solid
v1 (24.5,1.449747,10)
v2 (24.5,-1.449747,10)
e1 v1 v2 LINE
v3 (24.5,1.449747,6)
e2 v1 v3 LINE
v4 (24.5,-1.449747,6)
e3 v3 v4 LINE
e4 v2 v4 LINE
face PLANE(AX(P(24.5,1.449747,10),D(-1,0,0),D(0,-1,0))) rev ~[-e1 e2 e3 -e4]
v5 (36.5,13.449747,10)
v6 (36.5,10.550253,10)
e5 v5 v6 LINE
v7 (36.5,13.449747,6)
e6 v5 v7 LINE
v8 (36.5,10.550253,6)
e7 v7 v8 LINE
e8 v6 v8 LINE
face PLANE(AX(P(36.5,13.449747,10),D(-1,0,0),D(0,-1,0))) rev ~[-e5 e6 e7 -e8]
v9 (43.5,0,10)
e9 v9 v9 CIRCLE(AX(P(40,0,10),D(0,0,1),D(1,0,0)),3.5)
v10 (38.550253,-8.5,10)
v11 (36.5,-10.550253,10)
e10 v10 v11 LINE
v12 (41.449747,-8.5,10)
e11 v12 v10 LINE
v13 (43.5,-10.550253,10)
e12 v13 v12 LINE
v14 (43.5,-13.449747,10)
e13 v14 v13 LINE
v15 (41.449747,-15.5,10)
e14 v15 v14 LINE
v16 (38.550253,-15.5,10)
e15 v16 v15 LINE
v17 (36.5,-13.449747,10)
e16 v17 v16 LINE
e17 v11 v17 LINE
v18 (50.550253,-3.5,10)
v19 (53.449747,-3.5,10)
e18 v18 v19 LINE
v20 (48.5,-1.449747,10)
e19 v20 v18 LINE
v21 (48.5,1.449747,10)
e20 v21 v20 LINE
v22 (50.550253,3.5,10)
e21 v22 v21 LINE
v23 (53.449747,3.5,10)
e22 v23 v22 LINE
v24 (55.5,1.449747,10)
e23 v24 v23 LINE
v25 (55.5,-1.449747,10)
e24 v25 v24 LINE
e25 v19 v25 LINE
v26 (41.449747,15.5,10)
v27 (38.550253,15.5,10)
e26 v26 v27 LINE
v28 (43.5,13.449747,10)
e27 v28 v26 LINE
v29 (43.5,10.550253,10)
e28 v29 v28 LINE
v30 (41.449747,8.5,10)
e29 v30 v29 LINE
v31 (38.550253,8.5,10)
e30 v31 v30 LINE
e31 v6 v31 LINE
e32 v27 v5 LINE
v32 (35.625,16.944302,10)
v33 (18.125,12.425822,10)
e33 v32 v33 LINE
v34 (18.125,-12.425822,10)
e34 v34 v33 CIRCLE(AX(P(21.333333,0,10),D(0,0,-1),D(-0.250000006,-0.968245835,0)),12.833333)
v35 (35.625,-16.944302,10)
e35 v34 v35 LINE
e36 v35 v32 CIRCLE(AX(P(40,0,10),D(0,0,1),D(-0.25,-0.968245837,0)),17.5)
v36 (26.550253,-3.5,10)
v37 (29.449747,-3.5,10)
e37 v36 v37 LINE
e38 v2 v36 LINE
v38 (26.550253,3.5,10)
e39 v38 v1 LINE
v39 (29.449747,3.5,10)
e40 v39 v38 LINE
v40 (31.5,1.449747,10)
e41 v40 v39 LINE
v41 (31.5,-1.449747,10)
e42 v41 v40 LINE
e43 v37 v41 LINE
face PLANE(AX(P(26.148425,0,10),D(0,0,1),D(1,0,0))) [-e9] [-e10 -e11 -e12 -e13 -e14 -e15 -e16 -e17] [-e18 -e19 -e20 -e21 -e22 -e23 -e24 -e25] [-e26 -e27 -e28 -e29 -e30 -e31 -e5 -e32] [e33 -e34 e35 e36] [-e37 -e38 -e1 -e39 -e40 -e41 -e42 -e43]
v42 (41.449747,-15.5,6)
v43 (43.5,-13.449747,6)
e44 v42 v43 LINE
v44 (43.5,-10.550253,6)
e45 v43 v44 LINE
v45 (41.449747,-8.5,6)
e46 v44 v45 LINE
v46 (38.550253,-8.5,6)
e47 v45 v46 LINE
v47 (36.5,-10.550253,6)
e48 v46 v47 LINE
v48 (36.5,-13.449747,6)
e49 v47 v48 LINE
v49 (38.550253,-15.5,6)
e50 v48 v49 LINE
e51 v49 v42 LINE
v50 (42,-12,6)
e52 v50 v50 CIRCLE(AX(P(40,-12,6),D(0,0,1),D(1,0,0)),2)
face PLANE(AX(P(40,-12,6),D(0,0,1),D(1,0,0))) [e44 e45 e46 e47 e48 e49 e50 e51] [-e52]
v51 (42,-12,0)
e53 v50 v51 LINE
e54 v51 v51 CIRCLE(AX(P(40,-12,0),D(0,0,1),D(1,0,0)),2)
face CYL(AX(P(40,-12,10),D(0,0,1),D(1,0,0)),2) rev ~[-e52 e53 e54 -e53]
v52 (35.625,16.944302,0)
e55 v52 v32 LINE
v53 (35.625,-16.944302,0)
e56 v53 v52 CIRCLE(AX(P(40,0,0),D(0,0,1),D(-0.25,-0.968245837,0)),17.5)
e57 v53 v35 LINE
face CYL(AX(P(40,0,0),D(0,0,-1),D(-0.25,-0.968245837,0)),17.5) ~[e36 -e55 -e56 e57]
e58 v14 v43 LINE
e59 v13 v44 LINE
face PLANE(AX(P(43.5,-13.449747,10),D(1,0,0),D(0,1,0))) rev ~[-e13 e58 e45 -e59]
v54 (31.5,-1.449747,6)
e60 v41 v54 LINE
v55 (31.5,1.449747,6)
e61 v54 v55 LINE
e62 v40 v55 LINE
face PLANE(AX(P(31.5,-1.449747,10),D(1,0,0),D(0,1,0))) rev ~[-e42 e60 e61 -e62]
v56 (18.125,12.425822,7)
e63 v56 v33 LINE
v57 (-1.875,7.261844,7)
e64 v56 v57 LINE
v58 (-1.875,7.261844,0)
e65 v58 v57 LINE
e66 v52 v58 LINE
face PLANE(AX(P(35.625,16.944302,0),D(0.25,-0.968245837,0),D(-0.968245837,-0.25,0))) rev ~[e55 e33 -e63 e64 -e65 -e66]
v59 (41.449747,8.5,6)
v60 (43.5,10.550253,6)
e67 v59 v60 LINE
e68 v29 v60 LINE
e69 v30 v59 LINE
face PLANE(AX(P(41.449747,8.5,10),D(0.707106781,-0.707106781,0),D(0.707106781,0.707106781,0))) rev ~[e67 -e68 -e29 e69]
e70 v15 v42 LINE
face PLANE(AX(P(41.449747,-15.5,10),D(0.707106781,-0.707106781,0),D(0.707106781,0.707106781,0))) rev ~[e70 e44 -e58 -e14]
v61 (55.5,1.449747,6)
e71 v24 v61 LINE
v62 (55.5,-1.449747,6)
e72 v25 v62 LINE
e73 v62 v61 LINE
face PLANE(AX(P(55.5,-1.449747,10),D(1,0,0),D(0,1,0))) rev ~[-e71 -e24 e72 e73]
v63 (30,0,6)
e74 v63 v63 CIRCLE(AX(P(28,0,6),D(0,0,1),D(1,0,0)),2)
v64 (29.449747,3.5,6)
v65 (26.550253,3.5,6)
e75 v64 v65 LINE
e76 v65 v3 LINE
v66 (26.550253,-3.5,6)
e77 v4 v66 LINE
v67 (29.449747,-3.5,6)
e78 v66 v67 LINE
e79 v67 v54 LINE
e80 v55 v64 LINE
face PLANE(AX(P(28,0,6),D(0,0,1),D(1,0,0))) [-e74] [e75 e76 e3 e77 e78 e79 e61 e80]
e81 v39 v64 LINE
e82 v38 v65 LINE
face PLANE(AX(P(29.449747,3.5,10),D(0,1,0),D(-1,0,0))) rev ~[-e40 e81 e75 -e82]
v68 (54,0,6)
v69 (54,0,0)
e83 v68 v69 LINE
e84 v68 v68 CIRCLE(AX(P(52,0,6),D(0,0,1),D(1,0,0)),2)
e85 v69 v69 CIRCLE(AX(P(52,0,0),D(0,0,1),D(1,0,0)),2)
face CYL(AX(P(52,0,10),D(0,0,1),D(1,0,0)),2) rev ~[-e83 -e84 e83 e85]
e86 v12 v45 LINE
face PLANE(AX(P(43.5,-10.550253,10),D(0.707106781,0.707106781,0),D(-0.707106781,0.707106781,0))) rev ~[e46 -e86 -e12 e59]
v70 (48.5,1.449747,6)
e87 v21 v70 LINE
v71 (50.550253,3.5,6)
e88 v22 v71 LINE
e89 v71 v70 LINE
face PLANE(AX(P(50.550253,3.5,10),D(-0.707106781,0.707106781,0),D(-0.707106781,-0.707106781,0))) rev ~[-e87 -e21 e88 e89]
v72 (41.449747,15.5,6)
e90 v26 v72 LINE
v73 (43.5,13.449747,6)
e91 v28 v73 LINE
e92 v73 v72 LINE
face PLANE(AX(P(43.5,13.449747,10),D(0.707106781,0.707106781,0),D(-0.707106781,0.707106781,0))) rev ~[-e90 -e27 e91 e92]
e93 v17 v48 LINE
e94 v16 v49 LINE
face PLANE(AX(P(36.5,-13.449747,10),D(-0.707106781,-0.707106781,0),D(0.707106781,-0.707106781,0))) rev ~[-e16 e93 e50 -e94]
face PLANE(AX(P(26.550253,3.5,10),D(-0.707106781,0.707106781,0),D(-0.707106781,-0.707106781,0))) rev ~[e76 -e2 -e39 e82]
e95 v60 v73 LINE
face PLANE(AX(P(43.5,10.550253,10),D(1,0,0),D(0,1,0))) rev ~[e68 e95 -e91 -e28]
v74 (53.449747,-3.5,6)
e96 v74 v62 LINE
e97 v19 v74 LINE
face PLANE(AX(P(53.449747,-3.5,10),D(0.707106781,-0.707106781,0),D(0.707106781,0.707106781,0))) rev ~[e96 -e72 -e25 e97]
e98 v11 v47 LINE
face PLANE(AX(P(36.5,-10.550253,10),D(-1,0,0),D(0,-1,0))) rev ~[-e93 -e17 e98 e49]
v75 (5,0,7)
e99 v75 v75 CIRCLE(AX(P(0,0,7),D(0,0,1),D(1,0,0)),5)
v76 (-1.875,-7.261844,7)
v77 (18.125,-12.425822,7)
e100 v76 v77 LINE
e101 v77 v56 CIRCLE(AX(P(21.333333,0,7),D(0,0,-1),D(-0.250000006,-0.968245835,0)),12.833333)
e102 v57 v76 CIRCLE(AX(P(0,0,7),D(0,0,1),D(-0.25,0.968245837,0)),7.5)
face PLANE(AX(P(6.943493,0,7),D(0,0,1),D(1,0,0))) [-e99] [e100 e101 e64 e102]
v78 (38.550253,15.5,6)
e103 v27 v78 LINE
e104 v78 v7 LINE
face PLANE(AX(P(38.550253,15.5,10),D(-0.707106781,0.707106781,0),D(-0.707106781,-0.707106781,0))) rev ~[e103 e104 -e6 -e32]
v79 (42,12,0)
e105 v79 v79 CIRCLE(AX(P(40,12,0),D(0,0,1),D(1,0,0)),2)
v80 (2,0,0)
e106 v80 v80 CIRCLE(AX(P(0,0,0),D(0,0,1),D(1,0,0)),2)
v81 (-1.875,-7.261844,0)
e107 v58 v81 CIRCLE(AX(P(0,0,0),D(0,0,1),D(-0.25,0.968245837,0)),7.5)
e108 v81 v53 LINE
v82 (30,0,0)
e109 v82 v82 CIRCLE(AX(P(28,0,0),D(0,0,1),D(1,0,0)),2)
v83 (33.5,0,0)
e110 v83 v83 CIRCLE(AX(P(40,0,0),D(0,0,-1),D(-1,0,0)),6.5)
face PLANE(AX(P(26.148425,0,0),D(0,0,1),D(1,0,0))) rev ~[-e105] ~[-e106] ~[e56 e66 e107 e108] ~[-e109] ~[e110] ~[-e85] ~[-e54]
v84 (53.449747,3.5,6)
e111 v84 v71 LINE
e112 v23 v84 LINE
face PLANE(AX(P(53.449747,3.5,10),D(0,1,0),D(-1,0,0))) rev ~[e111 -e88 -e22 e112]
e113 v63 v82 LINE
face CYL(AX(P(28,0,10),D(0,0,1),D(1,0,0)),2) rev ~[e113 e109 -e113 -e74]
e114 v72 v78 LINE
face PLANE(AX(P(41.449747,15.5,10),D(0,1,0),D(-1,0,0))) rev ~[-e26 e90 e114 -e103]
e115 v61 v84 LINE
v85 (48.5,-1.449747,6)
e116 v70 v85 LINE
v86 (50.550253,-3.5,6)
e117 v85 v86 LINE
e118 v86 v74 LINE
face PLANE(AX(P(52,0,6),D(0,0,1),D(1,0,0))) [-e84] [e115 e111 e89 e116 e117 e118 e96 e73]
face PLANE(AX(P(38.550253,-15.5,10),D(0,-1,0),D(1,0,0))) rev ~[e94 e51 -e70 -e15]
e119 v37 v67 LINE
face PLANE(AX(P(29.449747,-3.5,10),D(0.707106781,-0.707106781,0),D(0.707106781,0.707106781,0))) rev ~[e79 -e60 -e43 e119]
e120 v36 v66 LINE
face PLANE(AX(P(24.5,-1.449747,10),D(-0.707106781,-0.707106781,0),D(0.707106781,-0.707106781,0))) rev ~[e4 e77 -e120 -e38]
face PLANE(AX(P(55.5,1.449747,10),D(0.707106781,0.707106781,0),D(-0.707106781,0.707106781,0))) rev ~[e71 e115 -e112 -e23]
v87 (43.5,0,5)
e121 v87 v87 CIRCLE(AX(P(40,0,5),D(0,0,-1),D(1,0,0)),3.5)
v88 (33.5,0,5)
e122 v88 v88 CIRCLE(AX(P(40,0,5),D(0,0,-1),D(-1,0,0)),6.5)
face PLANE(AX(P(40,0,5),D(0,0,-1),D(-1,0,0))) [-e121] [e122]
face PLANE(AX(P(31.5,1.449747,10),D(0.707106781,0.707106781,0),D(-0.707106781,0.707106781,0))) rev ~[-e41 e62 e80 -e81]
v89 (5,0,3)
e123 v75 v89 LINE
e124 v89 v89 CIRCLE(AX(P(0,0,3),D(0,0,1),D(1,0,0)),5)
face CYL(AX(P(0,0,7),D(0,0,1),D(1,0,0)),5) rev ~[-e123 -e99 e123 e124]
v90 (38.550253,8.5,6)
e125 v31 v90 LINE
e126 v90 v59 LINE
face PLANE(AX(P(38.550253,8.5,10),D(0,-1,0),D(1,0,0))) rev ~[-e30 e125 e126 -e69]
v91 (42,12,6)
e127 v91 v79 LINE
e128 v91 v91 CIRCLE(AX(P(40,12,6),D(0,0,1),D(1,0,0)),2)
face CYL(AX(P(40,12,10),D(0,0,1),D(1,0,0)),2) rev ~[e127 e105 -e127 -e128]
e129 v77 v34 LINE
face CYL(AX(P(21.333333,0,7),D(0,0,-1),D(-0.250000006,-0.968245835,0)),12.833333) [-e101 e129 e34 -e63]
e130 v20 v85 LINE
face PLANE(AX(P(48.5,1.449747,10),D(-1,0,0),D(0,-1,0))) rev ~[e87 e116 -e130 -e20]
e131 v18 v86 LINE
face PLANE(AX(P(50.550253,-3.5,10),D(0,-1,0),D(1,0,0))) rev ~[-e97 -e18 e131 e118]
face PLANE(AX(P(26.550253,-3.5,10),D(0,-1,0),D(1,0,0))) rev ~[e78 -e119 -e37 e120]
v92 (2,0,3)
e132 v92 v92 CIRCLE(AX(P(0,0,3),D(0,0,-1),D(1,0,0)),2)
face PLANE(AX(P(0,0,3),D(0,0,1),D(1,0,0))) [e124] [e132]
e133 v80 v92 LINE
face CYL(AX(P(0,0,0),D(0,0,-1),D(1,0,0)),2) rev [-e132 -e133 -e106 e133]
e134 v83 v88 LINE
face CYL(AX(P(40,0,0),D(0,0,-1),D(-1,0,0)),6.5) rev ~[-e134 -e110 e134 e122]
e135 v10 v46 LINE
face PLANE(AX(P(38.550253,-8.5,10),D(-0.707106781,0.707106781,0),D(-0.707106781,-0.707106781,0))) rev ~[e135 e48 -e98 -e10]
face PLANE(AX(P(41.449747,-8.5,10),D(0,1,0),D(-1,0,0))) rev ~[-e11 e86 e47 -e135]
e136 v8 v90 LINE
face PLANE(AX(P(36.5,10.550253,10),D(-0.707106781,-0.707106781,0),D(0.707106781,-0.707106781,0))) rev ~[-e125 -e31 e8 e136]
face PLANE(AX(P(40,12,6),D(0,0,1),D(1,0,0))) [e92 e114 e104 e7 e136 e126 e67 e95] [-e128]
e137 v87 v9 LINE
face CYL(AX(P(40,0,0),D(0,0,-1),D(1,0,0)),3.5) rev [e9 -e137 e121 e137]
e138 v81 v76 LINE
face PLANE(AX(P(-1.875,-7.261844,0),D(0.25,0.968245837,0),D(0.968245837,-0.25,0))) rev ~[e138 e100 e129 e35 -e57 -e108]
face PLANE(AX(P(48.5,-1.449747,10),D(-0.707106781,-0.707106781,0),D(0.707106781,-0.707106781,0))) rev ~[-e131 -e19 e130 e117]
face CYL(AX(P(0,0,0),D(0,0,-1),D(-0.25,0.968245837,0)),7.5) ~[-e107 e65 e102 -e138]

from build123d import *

# Parameters (mm, degrees)
SKETCH1_R           = 2
SKETCH1_R_2         = 3.5
BOSS_EXTRUDE1_DEPTH = 10
SKETCH4_R           = 2
CUT_EXTRUDE2_DEPTH  = 61.930288035
CUT_EXTRUDE3_DEPTH  = 4
CUT_EXTRUDE4_START  = -3
SKETCH5_R           = 2
CUT_EXTRUDE4_DEPTH  = 3
SKETCH6_R           = 5
CUT_EXTRUDE5_DEPTH  = 4
SKETCH7_R           = 6.5
CUT_EXTRUDE6_DEPTH  = 5


with BuildPart() as part:
    # Sketch1 → Boss-Extrude1 (new body)
    with BuildSketch(Plane.XY):
        with BuildLine():
            Line((35.625, 16.94430214), (-1.875, 7.261843774))
            ThreePointArc((-1.875, 7.261843774), (-7.5, 0), (-1.875, -7.261843774))
            Line((-1.875, -7.261843774), (35.625, -16.94430214))
            ThreePointArc((35.625, -16.94430214), (57.5, 0), (35.625, 16.94430214))
        make_face()
        Circle(SKETCH1_R, mode=Mode.SUBTRACT)
        with Locations((40, 0)):
            Circle(SKETCH1_R_2, mode=Mode.SUBTRACT)
    extrude(amount=BOSS_EXTRUDE1_DEPTH)

    # Sketch4 → Cut-Extrude2 (cut, through all)
    with BuildSketch(Plane.XY.offset(10)):
        with Locations((28, 0)):
            Circle(SKETCH4_R)
        with Locations((40, -12)):
            Circle(SKETCH4_R)
        with Locations((52, 0)):
            Circle(SKETCH4_R)
        with Locations((40, 12)):
            Circle(SKETCH4_R)
    extrude(amount=-CUT_EXTRUDE2_DEPTH, mode=Mode.SUBTRACT)

    # Sketch4_3 → Cut-Extrude3 (cut)
    with BuildSketch(Plane.XY.offset(10)):
        Polygon((38.550252532, 8.5), (41.449747468, 8.5), (43.5, 10.550252532), (43.5, 13.449747468), (41.449747468, 15.5), (38.550252532, 15.5), (36.5, 13.449747468), (36.5, 10.550252532), align=None)
        Polygon((50.550252532, 3.5), (48.5, 1.449747468), (48.5, -1.449747468), (50.550252532, -3.5), (53.449747468, -3.5), (55.5, -1.449747468), (55.5, 1.449747468), (53.449747468, 3.5), align=None)
        Polygon((43.5, -10.550252532), (41.449747468, -8.5), (38.550252532, -8.5), (36.5, -10.550252532), (36.5, -13.449747468), (38.550252532, -15.5), (41.449747468, -15.5), (43.5, -13.449747468), align=None)
        Polygon((29.449747468, -3.5), (31.5, -1.449747468), (31.5, 1.449747468), (29.449747468, 3.5), (26.550252532, 3.5), (24.5, 1.449747468), (24.5, -1.449747468), (26.550252532, -3.5), align=None)
    extrude(amount=-CUT_EXTRUDE3_DEPTH, mode=Mode.SUBTRACT)

    # Sketch5 → Cut-Extrude4 (cut)
    with BuildSketch(Plane.XY.offset(10).offset(CUT_EXTRUDE4_START)):
        with BuildLine():
            Line((18.124999859, 12.425821533), (-1.875, 7.261843774))
            ThreePointArc((-1.875, 7.261843774), (-7.5, 0), (-1.875, -7.261843774))
            Line((-1.875, -7.261843774), (18.124999918, -12.425821548))
            ThreePointArc((18.124999918, -12.425821548), (8.5, -3.1e-08), (18.124999859, 12.425821533))
        make_face()
        Circle(SKETCH5_R, mode=Mode.SUBTRACT)
    extrude(amount=CUT_EXTRUDE4_DEPTH, mode=Mode.SUBTRACT)

    # Sketch6 → Cut-Extrude5 (cut)
    with BuildSketch(Plane.XY.offset(7)):
        Circle(SKETCH6_R)
    extrude(amount=-CUT_EXTRUDE5_DEPTH, mode=Mode.SUBTRACT)

    # Sketch7 → Cut-Extrude6 (cut)
    with BuildSketch(Plane(origin=(0, 0, 0), x_dir=(-1, 0, 0), z_dir=(0, 0, -1))):
        with Locations((-40, 0)):
            Circle(SKETCH7_R)
    extrude(amount=-CUT_EXTRUDE6_DEPTH, mode=Mode.SUBTRACT)


solid = part.part
